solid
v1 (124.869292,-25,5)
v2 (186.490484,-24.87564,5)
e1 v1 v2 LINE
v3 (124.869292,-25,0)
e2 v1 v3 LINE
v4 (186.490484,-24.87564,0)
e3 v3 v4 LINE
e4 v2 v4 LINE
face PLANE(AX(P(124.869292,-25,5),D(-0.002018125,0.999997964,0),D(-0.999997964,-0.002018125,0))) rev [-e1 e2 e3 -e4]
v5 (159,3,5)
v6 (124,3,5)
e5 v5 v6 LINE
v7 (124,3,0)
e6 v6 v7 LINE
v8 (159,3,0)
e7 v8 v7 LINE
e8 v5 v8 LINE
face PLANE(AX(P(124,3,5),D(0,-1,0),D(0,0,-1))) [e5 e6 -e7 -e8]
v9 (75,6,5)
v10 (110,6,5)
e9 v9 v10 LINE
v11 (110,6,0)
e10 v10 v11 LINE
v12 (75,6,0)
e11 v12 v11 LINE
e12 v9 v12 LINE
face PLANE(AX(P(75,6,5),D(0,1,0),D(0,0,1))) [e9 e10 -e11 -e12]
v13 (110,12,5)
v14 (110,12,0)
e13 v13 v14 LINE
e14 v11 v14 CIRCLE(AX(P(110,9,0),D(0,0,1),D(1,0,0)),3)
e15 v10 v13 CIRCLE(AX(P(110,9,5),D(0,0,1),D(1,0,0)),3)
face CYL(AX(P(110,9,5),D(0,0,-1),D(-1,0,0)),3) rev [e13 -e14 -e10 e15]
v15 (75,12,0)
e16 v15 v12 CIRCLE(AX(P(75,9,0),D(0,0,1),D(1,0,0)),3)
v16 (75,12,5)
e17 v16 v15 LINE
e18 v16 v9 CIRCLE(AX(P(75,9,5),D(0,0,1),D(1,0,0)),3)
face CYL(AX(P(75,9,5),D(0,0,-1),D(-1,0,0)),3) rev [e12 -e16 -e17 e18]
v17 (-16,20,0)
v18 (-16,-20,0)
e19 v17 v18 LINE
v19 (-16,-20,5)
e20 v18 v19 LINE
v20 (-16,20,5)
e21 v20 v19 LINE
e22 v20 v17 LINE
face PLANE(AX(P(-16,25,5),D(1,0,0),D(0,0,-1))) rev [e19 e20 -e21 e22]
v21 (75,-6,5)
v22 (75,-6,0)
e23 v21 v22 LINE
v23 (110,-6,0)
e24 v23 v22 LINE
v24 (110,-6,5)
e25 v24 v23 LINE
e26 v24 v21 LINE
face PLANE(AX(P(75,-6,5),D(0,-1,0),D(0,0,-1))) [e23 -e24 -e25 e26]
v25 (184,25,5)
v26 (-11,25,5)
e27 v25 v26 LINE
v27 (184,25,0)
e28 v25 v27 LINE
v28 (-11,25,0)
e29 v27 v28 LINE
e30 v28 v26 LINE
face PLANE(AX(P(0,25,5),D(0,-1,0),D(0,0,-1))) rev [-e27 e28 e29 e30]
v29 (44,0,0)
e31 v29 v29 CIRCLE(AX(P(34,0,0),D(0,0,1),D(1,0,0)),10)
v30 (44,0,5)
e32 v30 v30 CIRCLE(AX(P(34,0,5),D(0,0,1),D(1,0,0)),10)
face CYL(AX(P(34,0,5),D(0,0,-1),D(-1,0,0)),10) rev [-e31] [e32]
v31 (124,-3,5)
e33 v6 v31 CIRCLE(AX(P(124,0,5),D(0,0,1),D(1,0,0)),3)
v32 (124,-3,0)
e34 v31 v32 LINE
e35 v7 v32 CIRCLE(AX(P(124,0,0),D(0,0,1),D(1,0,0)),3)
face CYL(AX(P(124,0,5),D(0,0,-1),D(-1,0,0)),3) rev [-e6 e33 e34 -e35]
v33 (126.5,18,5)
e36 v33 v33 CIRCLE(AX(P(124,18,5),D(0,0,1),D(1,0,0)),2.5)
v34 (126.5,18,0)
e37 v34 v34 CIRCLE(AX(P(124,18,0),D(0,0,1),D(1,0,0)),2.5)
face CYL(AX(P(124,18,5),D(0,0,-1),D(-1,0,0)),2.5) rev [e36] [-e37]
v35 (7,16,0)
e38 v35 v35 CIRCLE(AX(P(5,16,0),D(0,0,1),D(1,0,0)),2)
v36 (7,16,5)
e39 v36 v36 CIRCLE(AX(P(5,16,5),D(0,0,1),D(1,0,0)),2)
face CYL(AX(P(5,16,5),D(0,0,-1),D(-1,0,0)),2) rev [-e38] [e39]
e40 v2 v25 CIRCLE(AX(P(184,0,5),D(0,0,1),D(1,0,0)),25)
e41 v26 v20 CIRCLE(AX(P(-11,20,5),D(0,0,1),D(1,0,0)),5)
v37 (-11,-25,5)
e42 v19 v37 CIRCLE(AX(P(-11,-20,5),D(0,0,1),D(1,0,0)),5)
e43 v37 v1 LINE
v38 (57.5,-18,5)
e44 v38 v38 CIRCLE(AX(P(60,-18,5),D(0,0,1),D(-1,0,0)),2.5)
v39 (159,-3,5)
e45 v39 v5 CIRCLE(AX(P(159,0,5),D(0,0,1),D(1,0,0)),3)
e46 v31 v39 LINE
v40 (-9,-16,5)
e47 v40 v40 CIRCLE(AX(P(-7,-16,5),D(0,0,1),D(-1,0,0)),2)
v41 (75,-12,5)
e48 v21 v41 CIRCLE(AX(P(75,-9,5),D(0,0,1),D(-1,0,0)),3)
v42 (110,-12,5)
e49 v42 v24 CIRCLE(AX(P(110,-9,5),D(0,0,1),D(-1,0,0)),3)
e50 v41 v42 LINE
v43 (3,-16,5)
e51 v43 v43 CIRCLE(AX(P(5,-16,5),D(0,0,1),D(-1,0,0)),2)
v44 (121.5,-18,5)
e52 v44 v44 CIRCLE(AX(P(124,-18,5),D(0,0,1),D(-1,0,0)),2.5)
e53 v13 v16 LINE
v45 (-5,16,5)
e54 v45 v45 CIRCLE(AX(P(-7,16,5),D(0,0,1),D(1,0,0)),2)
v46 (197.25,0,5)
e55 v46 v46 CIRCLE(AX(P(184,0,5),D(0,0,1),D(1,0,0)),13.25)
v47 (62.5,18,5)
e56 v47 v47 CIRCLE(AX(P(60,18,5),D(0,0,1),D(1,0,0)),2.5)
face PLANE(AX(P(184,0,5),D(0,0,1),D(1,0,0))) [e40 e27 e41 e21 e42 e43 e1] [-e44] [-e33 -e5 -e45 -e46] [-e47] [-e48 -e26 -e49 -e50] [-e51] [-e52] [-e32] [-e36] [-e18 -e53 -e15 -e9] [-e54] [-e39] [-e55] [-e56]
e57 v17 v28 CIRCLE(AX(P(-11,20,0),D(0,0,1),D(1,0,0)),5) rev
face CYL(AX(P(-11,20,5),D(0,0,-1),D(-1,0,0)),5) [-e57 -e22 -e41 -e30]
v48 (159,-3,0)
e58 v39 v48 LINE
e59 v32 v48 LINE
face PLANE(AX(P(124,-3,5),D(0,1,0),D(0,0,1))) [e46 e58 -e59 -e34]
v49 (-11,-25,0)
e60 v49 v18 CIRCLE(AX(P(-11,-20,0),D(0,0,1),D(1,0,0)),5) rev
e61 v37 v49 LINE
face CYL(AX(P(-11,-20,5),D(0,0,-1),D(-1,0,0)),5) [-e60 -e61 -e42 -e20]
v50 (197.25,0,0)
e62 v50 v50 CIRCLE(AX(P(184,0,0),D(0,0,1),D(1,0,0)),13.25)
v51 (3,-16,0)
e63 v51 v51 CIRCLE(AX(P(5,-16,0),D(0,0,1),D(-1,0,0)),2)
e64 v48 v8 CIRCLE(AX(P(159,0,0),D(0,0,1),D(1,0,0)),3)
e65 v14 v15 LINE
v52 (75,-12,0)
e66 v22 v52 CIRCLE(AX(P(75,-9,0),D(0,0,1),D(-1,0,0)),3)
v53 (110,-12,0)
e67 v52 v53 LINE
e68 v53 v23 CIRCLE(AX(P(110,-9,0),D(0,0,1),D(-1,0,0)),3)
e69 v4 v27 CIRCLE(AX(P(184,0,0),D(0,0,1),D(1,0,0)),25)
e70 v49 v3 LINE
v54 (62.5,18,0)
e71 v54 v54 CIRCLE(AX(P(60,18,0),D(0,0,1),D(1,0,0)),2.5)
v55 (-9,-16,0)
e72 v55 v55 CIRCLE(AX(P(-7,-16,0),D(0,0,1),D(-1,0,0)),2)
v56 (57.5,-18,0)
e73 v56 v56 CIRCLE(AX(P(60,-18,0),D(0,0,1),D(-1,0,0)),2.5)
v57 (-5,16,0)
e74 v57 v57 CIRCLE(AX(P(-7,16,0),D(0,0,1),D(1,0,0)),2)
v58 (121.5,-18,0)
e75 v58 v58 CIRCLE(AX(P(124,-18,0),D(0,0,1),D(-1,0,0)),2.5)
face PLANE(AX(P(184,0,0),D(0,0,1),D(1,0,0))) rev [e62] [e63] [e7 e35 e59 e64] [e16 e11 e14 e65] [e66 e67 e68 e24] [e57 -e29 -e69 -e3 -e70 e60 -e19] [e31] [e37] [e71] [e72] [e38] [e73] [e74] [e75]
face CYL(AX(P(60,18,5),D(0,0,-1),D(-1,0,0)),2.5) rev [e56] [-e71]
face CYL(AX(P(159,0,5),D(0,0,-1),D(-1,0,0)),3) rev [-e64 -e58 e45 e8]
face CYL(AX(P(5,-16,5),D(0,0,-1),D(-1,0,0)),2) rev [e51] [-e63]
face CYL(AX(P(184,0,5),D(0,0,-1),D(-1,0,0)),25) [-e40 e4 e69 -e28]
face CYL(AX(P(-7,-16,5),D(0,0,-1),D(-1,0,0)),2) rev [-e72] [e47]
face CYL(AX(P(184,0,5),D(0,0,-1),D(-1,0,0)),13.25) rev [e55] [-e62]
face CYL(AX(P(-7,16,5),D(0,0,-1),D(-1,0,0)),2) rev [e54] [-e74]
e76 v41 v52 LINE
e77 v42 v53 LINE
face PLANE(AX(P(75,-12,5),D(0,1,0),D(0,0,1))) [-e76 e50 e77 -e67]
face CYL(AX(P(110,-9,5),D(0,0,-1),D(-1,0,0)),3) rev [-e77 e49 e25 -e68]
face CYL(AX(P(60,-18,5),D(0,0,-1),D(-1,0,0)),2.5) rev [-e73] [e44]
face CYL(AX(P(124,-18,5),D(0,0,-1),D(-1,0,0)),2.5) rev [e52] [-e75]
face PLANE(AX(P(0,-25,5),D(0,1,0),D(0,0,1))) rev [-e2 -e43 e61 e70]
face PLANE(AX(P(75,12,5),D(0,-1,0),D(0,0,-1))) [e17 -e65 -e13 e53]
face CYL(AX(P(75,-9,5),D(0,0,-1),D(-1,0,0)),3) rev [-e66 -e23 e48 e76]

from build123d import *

# Parameters (mm, degrees)
SKETCH_1_R      = 13.25
SKETCH_1_R_2    = 2
SKETCH_1_R_3    = 2.5
SKETCH_1_R_4    = 10
EXTRUDE_1_DEPTH = 5
FILLET_1_R      = 5


with BuildPart() as part:
    # 草图1 → 凸台-拉伸1 (new body)
    with BuildSketch(Plane.XY):
        with BuildLine():
            Line((0, 25), (124.869292101, 25))
            Line((124.869292101, 25), (184, 25))
            ThreePointArc((184, 25), (208.968890762, 1.246793543), (186.490484142, -24.875640469))
            Line((186.490484142, -24.875640469), (124.869292101, -25))
            Line((124.869292101, -25), (0, -25))
            Line((0, -25), (-16, -25))
            Line((-16, -25), (-16, 25))
            Line((-16, 25), (0, 25))
        make_face()
        with Locations((184, 0)):
            Circle(SKETCH_1_R, mode=Mode.SUBTRACT)
        with Locations((5, 16)):
            Circle(SKETCH_1_R_2, mode=Mode.SUBTRACT)
        with Locations(Location((5, -16, 0), (0, 0, 180))):
            Circle(SKETCH_1_R_2, mode=Mode.SUBTRACT)
        with Locations((60, 18)):
            Circle(SKETCH_1_R_3, mode=Mode.SUBTRACT)
        with Locations((124, 18)):
            Circle(SKETCH_1_R_3, mode=Mode.SUBTRACT)
        with Locations((34, 0)):
            Circle(SKETCH_1_R_4, mode=Mode.SUBTRACT)
        with Locations(Location((124, -18, 0), (0, 0, 180))):
            Circle(SKETCH_1_R_3, mode=Mode.SUBTRACT)
        with Locations(Location((60, -18, 0), (0, 0, 180))):
            Circle(SKETCH_1_R_3, mode=Mode.SUBTRACT)
        with Locations((-7, 16)):
            Circle(SKETCH_1_R_2, mode=Mode.SUBTRACT)
        with Locations(Location((-7, -16, 0), (0, 0, 180))):
            Circle(SKETCH_1_R_2, mode=Mode.SUBTRACT)
        with BuildLine():
            Line((75, 12), (110, 12))
            ThreePointArc((110, 12), (113, 9), (110, 6))
            Line((110, 6), (75, 6))
            ThreePointArc((75, 6), (72, 9), (75, 12))
        make_face(mode=Mode.SUBTRACT)
        with BuildLine():
            Line((75, -12), (110, -12))
            ThreePointArc((110, -12), (113, -9), (110, -6))
            Line((110, -6), (75, -6))
            ThreePointArc((75, -6), (72, -9), (75, -12))
        make_face(mode=Mode.SUBTRACT)
        with BuildLine():
            Line((124, 3), (159, 3))
            ThreePointArc((159, 3), (162, 0), (159, -3))
            Line((159, -3), (124, -3))
            ThreePointArc((124, -3), (121, 0), (124, 3))
        make_face(mode=Mode.SUBTRACT)
    extrude(amount=EXTRUDE_1_DEPTH)

    # 圆角1
    fillet_1_edges = [part.edges().sort_by_distance(p)[0] for p in [
        (-16, -25, 2.5),
        (-16, 25, 2.5),
    ]]
    fillet(fillet_1_edges, radius=FILLET_1_R)


solid = part.part
